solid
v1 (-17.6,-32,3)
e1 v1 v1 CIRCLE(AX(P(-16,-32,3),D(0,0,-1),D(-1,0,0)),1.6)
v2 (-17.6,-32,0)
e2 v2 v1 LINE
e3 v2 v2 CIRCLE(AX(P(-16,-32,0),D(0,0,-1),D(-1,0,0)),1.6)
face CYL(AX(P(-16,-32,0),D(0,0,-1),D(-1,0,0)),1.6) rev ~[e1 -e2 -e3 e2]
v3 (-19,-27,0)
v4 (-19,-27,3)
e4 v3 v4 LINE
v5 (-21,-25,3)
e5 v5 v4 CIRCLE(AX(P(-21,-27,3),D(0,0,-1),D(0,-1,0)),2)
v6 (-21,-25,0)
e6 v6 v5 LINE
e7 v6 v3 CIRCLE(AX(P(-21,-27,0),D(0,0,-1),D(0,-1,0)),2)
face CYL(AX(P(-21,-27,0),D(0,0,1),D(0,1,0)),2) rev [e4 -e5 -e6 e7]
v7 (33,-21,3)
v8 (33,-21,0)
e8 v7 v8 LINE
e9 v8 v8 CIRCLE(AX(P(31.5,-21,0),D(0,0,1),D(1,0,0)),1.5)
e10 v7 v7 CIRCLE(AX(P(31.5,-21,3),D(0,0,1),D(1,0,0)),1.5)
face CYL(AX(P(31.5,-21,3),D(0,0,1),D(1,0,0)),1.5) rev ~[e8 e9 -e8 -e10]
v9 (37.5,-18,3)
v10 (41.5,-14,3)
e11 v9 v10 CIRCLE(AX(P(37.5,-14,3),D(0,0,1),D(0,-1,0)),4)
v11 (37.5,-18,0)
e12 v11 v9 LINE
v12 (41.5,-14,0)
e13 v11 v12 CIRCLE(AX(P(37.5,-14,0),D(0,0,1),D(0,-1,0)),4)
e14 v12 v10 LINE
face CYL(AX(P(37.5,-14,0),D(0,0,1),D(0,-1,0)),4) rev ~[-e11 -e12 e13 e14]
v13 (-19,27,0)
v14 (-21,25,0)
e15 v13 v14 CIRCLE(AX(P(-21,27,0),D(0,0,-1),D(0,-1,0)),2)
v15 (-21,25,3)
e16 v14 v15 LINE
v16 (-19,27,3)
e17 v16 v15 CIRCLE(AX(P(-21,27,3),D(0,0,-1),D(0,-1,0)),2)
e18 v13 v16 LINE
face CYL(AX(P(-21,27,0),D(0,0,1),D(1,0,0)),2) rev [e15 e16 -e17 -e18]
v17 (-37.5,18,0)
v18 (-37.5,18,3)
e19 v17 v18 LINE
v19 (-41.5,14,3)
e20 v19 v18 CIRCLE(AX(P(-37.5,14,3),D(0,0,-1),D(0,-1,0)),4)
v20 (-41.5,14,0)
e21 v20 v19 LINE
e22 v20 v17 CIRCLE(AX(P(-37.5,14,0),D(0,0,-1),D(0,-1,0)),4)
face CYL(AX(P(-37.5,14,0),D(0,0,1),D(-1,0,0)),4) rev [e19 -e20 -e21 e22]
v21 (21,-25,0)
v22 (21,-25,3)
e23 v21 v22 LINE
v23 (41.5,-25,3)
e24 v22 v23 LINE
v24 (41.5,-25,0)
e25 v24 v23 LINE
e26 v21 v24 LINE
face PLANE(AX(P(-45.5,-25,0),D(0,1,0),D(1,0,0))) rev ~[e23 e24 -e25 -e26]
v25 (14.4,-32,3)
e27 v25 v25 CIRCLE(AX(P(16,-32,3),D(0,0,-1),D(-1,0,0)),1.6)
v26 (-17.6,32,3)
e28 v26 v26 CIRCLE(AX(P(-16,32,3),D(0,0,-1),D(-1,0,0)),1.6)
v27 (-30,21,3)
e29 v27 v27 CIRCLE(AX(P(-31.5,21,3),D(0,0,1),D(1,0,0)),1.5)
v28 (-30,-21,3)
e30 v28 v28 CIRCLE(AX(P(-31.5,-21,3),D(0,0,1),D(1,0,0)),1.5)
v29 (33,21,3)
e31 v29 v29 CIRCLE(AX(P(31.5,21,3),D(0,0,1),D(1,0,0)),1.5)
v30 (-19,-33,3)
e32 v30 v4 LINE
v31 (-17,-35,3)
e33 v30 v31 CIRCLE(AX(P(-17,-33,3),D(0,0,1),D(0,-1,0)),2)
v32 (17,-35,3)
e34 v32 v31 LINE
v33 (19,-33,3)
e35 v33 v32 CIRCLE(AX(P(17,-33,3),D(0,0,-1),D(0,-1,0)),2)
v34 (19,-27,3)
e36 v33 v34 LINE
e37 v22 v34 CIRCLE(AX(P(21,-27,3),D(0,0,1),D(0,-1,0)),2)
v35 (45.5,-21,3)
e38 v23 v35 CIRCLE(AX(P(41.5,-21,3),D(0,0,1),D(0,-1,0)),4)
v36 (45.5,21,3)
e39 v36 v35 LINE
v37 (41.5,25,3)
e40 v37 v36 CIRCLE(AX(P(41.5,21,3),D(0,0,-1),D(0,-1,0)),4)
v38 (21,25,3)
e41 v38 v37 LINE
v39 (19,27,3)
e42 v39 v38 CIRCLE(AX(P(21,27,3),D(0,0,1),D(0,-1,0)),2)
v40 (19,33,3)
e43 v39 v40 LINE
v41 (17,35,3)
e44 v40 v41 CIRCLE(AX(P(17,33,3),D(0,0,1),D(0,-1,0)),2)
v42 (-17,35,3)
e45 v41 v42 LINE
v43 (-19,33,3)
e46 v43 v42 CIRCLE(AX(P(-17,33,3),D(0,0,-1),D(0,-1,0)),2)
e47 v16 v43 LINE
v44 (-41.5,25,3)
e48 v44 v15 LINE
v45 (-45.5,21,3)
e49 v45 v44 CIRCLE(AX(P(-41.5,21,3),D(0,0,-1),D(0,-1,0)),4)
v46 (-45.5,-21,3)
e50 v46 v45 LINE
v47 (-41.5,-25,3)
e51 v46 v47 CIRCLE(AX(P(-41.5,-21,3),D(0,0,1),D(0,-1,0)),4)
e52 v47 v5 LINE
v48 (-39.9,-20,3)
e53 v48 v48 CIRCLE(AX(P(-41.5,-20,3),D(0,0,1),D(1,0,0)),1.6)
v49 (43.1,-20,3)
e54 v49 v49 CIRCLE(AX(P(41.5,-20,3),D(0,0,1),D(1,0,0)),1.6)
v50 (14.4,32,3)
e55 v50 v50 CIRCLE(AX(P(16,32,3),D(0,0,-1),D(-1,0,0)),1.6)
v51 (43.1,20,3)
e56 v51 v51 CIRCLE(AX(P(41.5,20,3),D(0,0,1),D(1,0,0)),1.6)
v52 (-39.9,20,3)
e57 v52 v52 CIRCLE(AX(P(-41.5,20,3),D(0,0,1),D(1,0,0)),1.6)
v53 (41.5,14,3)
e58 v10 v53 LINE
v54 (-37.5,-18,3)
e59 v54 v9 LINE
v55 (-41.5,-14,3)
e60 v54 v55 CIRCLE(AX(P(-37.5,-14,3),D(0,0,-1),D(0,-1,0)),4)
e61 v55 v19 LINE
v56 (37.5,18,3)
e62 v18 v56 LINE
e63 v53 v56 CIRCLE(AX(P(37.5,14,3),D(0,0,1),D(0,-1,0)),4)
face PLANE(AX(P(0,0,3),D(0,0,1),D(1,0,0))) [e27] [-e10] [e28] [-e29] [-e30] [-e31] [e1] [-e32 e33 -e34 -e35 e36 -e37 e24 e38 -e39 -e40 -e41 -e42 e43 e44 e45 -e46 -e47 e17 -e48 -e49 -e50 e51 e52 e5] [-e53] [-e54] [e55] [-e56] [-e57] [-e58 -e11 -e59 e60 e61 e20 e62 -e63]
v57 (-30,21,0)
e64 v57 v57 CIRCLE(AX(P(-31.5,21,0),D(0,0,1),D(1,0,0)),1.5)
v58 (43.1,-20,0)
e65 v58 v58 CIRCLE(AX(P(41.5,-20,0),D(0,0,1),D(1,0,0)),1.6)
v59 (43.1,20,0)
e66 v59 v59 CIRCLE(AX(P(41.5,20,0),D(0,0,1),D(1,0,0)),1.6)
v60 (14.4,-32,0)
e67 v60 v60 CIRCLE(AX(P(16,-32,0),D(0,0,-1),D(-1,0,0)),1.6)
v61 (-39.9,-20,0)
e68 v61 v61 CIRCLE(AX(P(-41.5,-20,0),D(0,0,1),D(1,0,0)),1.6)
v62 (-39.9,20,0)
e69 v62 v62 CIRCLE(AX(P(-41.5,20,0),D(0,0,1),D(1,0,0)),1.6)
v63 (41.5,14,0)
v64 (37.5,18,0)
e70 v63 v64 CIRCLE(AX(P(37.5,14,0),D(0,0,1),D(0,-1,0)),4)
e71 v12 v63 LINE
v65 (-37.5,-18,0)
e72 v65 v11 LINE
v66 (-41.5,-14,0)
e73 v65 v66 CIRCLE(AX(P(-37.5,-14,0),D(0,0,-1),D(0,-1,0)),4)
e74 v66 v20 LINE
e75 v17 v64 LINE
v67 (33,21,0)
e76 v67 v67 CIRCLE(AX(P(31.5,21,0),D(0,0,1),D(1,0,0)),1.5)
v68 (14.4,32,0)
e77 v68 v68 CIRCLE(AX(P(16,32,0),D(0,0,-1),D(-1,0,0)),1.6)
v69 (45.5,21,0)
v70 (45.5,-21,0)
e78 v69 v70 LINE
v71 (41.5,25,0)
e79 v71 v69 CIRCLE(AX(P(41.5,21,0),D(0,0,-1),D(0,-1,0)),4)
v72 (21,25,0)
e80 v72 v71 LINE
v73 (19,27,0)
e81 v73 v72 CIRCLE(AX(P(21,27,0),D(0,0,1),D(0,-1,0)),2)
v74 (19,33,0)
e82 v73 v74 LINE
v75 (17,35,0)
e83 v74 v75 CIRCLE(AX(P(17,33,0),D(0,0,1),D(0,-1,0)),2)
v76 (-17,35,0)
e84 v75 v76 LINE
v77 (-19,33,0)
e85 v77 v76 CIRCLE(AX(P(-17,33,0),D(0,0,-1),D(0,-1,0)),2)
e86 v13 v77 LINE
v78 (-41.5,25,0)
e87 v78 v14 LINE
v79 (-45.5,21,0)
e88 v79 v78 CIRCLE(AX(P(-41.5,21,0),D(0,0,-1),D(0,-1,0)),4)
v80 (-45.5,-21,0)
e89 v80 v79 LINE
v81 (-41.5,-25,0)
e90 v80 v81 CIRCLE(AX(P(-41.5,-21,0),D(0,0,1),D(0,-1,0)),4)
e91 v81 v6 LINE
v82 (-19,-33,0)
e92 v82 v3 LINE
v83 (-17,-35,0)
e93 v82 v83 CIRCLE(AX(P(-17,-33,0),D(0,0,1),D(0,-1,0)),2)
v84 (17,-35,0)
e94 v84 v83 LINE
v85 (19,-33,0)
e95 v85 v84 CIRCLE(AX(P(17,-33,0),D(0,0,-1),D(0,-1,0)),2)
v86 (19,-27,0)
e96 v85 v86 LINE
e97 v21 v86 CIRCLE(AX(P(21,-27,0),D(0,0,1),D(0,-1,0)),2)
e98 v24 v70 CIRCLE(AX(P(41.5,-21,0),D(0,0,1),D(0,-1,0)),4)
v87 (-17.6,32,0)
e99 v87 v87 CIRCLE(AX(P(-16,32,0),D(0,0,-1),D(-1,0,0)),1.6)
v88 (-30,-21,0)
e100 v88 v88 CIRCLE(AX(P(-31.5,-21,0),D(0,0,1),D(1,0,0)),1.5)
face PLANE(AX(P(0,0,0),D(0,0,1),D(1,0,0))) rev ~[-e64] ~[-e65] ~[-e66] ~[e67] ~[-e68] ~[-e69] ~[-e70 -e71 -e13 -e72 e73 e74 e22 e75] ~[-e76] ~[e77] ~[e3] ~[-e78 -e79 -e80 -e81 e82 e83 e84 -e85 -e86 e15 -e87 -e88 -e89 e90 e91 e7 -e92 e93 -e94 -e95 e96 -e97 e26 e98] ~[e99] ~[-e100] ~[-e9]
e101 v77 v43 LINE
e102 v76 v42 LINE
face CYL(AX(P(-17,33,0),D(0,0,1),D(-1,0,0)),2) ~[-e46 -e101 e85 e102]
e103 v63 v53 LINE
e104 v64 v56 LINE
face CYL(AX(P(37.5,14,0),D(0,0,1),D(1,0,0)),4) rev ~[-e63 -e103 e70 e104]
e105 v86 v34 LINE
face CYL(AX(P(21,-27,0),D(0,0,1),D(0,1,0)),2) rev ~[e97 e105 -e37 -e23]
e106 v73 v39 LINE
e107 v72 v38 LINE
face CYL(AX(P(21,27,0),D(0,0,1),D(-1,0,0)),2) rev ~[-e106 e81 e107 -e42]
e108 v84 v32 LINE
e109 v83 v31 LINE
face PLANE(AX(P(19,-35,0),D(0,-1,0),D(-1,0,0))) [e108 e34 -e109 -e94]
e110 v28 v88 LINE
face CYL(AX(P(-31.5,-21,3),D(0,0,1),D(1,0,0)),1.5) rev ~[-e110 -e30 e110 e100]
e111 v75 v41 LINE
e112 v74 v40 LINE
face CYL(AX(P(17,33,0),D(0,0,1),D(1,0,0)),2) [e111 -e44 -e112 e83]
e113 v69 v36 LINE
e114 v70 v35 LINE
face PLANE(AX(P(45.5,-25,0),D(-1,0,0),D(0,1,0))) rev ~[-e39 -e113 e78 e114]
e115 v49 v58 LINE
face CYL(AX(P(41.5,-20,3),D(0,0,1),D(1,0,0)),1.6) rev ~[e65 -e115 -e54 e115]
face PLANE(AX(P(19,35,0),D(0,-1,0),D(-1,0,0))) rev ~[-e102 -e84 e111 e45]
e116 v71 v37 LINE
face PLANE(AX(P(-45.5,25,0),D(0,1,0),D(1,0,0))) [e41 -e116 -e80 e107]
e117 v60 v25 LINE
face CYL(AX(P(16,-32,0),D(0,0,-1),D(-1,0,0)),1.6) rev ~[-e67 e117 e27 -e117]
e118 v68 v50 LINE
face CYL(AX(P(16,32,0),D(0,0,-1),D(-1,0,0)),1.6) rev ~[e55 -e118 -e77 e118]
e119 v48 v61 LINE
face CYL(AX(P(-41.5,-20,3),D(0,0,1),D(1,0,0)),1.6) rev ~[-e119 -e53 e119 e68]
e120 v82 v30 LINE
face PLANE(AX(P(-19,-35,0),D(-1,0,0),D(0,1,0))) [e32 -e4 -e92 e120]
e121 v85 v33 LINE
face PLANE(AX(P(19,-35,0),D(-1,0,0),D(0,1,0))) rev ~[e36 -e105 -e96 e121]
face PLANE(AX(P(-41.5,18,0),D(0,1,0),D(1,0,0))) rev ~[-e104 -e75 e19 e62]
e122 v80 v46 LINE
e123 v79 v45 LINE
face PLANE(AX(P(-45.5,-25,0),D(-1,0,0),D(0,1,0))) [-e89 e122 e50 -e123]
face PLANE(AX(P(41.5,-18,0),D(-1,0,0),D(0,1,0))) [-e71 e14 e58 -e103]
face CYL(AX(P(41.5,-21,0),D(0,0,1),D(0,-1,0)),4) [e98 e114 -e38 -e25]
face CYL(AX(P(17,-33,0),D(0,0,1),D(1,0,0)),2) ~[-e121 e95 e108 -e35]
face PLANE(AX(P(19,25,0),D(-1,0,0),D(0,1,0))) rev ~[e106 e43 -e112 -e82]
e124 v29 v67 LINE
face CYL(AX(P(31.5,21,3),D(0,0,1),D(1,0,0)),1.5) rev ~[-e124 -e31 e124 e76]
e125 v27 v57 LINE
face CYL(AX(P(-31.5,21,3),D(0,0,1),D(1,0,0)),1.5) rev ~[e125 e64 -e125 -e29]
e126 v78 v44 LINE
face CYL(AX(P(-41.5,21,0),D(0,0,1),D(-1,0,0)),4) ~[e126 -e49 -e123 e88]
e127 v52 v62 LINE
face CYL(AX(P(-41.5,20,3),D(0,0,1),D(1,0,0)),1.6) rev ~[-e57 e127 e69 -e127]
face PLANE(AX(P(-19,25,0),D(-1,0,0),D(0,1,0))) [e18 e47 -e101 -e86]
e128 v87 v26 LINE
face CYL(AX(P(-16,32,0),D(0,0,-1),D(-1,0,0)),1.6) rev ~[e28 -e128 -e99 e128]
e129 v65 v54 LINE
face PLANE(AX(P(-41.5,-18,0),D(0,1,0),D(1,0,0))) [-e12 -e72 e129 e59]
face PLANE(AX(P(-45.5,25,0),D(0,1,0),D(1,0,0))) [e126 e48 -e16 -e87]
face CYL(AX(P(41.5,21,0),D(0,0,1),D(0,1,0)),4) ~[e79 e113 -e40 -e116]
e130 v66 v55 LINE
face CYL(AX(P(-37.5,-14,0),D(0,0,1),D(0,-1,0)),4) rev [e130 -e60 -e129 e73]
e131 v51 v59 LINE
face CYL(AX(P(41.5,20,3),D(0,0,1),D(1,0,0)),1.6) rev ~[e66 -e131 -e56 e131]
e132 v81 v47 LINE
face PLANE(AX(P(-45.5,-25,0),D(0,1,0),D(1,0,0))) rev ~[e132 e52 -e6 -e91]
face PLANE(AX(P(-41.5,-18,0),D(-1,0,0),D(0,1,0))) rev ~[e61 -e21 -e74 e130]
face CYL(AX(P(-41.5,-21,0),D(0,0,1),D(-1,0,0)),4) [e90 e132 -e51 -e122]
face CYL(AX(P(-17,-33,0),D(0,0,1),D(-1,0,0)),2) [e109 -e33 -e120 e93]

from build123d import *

# Parameters (mm, degrees)
SKETCH_1_W          = 91
SKETCH_1_H          = 50
SKETCH_1_W_2        = 83
SKETCH_1_H_2        = 36
EXTRUDE_1_DEPTH     = 3
SKETCH_2_R          = 1.5
CUT_EXTRUDE_1_DEPTH = 3
SKETCH_3_R          = 1.6
CUT_EXTRUDE_2_DEPTH = 3
FILLET_1_R          = 4
SKETCH_4_W          = 30
SKETCH_4_H          = 35
EXTRUDE_2_DEPTH     = 3
SKETCH_5_R          = 1.25
CUT_EXTRUDE_3_DEPTH = 10
FILLET_2_R          = 3
SKETCH_6_W          = 18
SKETCH_6_H          = 27
CUT_EXTRUDE_4_DEPTH = 10
FILLET_3_R          = 2
SKETCH_7_W          = 38
SKETCH_7_H          = 10
SKETCH_7_R          = 1.6
EXTRUDE_3_DEPTH     = 3
FILLET_4_R          = 2
FILLET_5_R          = 2
SKETCH_8_W          = 30
SKETCH_8_H          = 41
CUT_EXTRUDE_5_DEPTH = 10


with BuildPart() as part:
    # 草图1 → 凸台-拉伸1 (new body)
    with BuildSketch(Plane.XY):
        Rectangle(SKETCH_1_W, SKETCH_1_H)
        Rectangle(SKETCH_1_W_2, SKETCH_1_H_2, mode=Mode.SUBTRACT)
    extrude(amount=EXTRUDE_1_DEPTH)

    # 草图2 → 切除-拉伸1 (cut)
    with BuildSketch(Plane.XY.offset(3)):
        with Locations((31.5, 21)):
            Circle(SKETCH_2_R)
        with Locations((31.5, -21)):
            Circle(SKETCH_2_R)
        with Locations((-31.5, -21)):
            Circle(SKETCH_2_R)
        with Locations((-31.5, 21)):
            Circle(SKETCH_2_R)
    extrude(amount=-CUT_EXTRUDE_1_DEPTH, mode=Mode.SUBTRACT)

    # 草图3 → 切除-拉伸2 (cut)
    with BuildSketch(Plane.XY.offset(3)):
        with Locations((41.5, 20)):
            Circle(SKETCH_3_R)
        with Locations((41.5, -20)):
            Circle(SKETCH_3_R)
        with Locations((-41.5, -20)):
            Circle(SKETCH_3_R)
        with Locations((-41.5, 20)):
            Circle(SKETCH_3_R)
    extrude(amount=-CUT_EXTRUDE_2_DEPTH, mode=Mode.SUBTRACT)

    # 圆角1
    fillet_1_edges = [part.edges().sort_by_distance(p)[0] for p in [
        (41.5, -18, 1.5),
        (41.5, 18, 1.5),
        (-41.5, 18, 1.5),
        (-41.5, -18, 1.5),
        (45.5, -25, 1.5),
        (-45.5, -25, 1.5),
        (-45.5, 25, 1.5),
        (45.5, 25, 1.5),
    ]]
    fillet(fillet_1_edges, radius=FILLET_1_R)

    # 草图4 → 凸台-拉伸2 (add)
    with BuildSketch(Plane(origin=(0, 0, 0), x_dir=(-1, 0, 0), z_dir=(0, 0, -1))):
        with Locations((-60.5, 0)):
            Rectangle(SKETCH_4_W, SKETCH_4_H)
    extrude(amount=-EXTRUDE_2_DEPTH)

    # 草图5 → 切除-拉伸3 (cut)
    with BuildSketch(Plane(origin=(0, 0, 0), x_dir=(-1, 0, 0), z_dir=(0, 0, -1))):
        with Locations((-70.5, -12)):
            Circle(SKETCH_5_R)
        with Locations((-70.5, 12)):
            Circle(SKETCH_5_R)
    extrude(amount=-CUT_EXTRUDE_3_DEPTH, mode=Mode.SUBTRACT)

    # 圆角2
    fillet_2_edges = [part.edges().sort_by_distance(p)[0] for p in [
        (45.5, 17.5, 1.5),
        (45.5, -17.5, 1.5),
        (75.5, -17.5, 1.5),
        (75.5, 17.5, 1.5),
    ]]
    fillet(fillet_2_edges, radius=FILLET_2_R)

    # 草图6 → 切除-拉伸4 (cut)
    with BuildSketch(Plane(origin=(0, 0, 0), x_dir=(-1, 0, 0), z_dir=(0, 0, -1))):
        with Locations((-57.5, 0)):
            Rectangle(SKETCH_6_W, SKETCH_6_H)
    extrude(amount=-CUT_EXTRUDE_4_DEPTH, mode=Mode.SUBTRACT)

    # 圆角3
    fillet_3_edges = [part.edges().sort_by_distance(p)[0] for p in [
        (66.5, -13.5, 1.5),
        (66.5, 13.5, 1.5),
        (48.5, 13.5, 1.5),
        (48.5, -13.5, 1.5),
    ]]
    fillet(fillet_3_edges, radius=FILLET_3_R)

    # 草图7 → 凸台-拉伸3 (add)
    # profile 1 of 2: a face of its own
    with BuildSketch(Plane(origin=(0, 0, 0), x_dir=(-1, 0, 0), z_dir=(0, 0, -1))):
        with Locations((0, 30)):
            Rectangle(SKETCH_7_W, SKETCH_7_H)
        with Locations((-16, 32)):
            Circle(SKETCH_7_R, mode=Mode.SUBTRACT)
        with Locations((16, 32)):
            Circle(SKETCH_7_R, mode=Mode.SUBTRACT)
    # profile 2 of 2: a face of its own
    with BuildSketch(Plane(origin=(0, 0, 0), x_dir=(-1, 0, 0), z_dir=(0, 0, -1))):
        with Locations((0, -30)):
            Rectangle(SKETCH_7_W, SKETCH_7_H)
        with Locations((16, -32)):
            Circle(SKETCH_7_R, mode=Mode.SUBTRACT)
        with Locations((-16, -32)):
            Circle(SKETCH_7_R, mode=Mode.SUBTRACT)
    extrude(amount=-EXTRUDE_3_DEPTH)

    # 圆角4
    fillet_4_edges = [part.edges().sort_by_distance(p)[0] for p in [
        (19, 35, 1.5),
        (-19, 35, 1.5),
        (-19, -35, 1.5),
        (19, -35, 1.5),
    ]]
    fillet(fillet_4_edges, radius=FILLET_4_R)

    # 圆角5
    fillet_5_edges = [part.edges().sort_by_distance(p)[0] for p in [
        (19, 25, 1.5),
        (-19, 25, 1.5),
        (-19, -25, 1.5),
        (19, -25, 1.5),
    ]]
    fillet(fillet_5_edges, radius=FILLET_5_R)

    # 草图8 → 切除-拉伸5 (cut)
    with BuildSketch(Plane.XY.offset(3)):
        with Locations((60.5, 0)):
            Rectangle(SKETCH_8_W, SKETCH_8_H)
    extrude(amount=-CUT_EXTRUDE_5_DEPTH, mode=Mode.SUBTRACT)


solid = part.part
